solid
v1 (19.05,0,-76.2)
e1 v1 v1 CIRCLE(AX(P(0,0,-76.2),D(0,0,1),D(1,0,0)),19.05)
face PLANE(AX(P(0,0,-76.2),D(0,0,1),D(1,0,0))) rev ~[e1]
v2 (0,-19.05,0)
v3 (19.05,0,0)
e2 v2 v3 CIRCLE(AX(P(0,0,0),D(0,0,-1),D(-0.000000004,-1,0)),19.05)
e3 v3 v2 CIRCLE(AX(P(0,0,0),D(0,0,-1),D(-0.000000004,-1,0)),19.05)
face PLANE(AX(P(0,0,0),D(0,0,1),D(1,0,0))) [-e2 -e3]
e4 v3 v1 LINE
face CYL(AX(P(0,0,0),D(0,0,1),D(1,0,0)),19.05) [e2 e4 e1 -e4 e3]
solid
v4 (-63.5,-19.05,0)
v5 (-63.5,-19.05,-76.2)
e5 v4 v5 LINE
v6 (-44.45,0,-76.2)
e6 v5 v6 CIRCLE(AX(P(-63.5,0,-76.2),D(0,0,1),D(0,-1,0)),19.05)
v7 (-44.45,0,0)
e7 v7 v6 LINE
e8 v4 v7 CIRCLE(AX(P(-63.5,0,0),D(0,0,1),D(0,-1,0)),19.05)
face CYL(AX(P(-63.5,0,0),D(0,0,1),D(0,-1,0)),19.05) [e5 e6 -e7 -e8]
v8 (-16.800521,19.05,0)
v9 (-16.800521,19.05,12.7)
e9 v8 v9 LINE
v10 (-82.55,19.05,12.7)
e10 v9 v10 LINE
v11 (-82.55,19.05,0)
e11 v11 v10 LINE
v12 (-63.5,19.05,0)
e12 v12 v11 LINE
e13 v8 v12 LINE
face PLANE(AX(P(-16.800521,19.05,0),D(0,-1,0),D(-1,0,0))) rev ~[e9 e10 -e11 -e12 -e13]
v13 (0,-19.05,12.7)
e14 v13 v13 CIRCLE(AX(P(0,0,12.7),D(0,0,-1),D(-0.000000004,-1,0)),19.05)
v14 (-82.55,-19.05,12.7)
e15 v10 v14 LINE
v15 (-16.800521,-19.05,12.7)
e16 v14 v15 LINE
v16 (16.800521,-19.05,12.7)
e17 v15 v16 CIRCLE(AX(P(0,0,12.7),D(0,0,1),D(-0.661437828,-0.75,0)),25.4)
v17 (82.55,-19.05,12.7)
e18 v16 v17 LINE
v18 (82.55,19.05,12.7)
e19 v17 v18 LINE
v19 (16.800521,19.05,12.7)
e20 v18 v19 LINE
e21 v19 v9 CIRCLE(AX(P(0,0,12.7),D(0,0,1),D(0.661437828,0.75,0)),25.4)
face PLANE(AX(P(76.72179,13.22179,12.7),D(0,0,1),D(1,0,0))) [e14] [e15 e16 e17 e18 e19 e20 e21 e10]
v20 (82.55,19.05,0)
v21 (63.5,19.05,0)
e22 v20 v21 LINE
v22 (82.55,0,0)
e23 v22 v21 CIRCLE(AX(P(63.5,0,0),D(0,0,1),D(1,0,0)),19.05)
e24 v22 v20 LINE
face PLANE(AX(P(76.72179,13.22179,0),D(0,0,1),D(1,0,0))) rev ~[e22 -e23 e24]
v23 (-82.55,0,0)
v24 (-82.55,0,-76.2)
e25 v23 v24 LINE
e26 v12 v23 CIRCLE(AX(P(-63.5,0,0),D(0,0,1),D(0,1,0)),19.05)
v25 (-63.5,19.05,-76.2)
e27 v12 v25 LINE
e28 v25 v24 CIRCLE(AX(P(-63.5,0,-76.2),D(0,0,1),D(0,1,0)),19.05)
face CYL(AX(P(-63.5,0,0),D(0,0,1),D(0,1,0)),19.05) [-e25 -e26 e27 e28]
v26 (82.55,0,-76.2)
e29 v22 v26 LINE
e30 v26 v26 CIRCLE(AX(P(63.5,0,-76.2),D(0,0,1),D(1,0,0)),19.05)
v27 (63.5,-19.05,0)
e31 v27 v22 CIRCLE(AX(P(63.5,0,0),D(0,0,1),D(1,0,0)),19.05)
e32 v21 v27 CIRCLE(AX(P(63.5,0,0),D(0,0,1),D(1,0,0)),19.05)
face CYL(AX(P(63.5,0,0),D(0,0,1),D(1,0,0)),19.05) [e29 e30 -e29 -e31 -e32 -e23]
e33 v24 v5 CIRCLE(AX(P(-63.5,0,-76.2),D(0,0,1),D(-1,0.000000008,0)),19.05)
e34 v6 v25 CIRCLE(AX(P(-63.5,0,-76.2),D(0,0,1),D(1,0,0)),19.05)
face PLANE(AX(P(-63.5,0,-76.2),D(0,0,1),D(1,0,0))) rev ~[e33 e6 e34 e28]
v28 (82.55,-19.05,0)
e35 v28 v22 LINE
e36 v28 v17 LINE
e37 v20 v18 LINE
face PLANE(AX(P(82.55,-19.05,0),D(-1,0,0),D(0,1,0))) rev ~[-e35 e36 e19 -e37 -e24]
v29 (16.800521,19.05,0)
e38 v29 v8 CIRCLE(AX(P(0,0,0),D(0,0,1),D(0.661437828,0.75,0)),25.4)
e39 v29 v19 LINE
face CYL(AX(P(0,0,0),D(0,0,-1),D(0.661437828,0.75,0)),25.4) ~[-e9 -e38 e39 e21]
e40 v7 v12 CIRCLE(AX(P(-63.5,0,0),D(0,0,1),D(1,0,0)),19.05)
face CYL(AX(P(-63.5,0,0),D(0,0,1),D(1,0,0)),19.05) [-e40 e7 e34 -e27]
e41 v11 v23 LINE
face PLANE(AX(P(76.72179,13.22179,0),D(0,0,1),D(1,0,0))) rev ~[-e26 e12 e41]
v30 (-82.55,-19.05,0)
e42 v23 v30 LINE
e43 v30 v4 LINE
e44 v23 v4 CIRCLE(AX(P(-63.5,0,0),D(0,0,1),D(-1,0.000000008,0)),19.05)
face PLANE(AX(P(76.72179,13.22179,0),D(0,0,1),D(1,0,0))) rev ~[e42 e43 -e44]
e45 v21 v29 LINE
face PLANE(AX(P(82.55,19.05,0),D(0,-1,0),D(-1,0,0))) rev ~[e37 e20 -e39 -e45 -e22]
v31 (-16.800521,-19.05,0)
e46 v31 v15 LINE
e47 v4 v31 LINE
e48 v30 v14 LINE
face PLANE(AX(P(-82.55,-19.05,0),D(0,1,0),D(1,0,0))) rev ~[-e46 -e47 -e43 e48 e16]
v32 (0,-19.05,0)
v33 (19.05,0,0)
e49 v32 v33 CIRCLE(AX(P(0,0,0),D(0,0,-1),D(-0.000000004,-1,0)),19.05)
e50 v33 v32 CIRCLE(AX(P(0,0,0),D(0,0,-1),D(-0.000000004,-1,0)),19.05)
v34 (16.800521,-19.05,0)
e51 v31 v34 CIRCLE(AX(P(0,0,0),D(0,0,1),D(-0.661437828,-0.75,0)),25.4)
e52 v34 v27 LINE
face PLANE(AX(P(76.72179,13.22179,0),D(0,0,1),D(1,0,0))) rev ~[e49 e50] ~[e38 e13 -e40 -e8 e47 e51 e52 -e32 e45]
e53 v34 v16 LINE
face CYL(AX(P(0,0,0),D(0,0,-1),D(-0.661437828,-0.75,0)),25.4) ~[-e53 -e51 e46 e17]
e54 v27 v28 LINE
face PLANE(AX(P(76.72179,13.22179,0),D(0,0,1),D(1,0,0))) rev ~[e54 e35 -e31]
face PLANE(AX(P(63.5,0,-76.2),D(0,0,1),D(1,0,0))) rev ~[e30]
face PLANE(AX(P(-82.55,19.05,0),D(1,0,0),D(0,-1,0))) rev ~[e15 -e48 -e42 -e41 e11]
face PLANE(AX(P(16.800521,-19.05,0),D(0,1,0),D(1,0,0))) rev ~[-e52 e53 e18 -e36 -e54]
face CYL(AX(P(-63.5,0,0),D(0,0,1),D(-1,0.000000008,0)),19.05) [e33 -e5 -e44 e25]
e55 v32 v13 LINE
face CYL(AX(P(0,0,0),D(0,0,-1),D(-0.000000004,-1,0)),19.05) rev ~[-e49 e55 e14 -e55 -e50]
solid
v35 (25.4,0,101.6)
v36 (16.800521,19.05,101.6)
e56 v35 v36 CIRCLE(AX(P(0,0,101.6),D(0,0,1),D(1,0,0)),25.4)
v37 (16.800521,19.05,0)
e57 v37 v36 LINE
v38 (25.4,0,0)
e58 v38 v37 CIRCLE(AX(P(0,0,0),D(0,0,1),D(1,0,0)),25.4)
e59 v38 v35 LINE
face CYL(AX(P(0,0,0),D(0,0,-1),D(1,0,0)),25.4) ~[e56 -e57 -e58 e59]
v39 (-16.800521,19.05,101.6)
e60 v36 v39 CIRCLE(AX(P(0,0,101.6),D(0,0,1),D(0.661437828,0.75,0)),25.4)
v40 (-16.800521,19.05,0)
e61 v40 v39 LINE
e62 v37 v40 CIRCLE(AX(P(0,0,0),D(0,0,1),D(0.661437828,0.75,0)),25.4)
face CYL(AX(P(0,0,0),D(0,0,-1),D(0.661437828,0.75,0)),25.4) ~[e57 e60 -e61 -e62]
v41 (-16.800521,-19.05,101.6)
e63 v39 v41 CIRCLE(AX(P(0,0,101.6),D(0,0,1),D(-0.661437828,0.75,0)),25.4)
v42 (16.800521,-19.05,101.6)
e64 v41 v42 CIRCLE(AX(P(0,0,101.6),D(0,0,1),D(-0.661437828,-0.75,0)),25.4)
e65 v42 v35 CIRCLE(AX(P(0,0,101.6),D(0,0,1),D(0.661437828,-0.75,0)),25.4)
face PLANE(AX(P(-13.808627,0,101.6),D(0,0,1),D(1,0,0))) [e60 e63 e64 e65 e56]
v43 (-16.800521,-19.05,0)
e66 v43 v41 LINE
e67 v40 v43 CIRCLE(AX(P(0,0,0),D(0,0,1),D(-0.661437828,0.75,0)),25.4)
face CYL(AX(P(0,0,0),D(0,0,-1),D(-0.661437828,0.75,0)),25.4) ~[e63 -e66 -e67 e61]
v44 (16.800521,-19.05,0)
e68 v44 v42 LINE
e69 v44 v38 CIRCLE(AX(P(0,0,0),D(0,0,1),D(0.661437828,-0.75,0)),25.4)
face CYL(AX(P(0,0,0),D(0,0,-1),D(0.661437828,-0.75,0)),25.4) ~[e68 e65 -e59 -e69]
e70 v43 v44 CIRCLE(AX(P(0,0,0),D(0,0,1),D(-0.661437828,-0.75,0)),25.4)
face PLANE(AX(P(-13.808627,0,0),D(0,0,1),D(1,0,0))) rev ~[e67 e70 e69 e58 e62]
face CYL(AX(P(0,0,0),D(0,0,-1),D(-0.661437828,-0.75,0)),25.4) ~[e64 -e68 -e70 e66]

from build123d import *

# Parameters (mm, degrees)
F1_DEPTH = 12.7
F2_DEPTH = 76.2
F3_DEPTH = 101.6


with BuildPart() as f1:
    # F0 (on Top) → F1 (new body)
    with BuildSketch(Plane.XY):
        with BuildLine():
            Line((82.55, 0), (82.55, 19.05))
            Line((82.55, 19.05), (63.5, 19.05))
            ThreePointArc((63.5, 19.05), (76.9703841816, 13.4703841816), (82.55, 0))
        make_face()
        with BuildLine():
            ThreePointArc((63.5, -19.05), (44.45, 0), (63.5, 19.05))
            Line((63.5, 19.05), (16.8005208253, 19.05))
            ThreePointArc((16.8005208253, 19.05), (23.1505208253, 10.4505208253), (25.4, 0))
            ThreePointArc((25.4, 0), (23.1505208253, -10.4505208253), (16.8005208253, -19.05))
            Line((16.8005208253, -19.05), (63.5, -19.05))
        make_face()
        with BuildLine():
            ThreePointArc((82.55, 0), (76.9703841816, 13.4703841816), (63.5, 19.05))
            ThreePointArc((63.5, 19.05), (44.45, 0), (63.5, -19.05))
            ThreePointArc((63.5, -19.05), (76.9703841816, -13.4703841816), (82.55, 0))
        make_face()
        with BuildLine():
            Line((82.55, -19.05), (82.55, 0))
            ThreePointArc((82.55, 0), (76.9703841816, -13.4703841816), (63.5, -19.05))
            Line((63.5, -19.05), (82.55, -19.05))
        make_face()
        with BuildLine():
            ThreePointArc((25.4, 0), (23.1505208253, 10.4505208253), (16.8005208253, 19.05))
            Line((16.8005208253, 19.05), (-5.96e-08, 19.05))
            ThreePointArc((-5.96e-08, 19.05), (13.4703841605, 13.4703842027), (19.05, 0))
            ThreePointArc((19.05, 0), (13.4703841555, -13.4703842077), (-7.38e-08, -19.05))
            Line((-7.38e-08, -19.05), (16.8005208253, -19.05))
            ThreePointArc((16.8005208253, -19.05), (23.1505208253, -10.4505208253), (25.4, 0))
        make_face()
        with BuildLine():
            Line((-5.96e-08, 19.05), (16.8005208253, 19.05))
            ThreePointArc((16.8005208253, 19.05), (0, 25.4), (-16.8005208253, 19.05))
            Line((-16.8005208253, 19.05), (-5.96e-08, 19.05))
        make_face()
        with BuildLine():
            ThreePointArc((-7.38e-08, -19.05), (-19.05, 7.1e-09), (-5.96e-08, 19.05))
            Line((-5.96e-08, 19.05), (-16.8005208253, 19.05))
            ThreePointArc((-16.8005208253, 19.05), (-25.4, 0), (-16.8005208253, -19.05))
            Line((-16.8005208253, -19.05), (-7.38e-08, -19.05))
        make_face()
        with BuildLine():
            ThreePointArc((-16.8005208253, -19.05), (-25.4, 0), (-16.8005208253, 19.05))
            Line((-16.8005208253, 19.05), (-63.5, 19.05))
            ThreePointArc((-63.5, 19.05), (-50.0296158184, 13.4703841816), (-44.45, 0))
            ThreePointArc((-44.45, 0), (-50.0296158184, -13.4703841816), (-63.5, -19.05))
            Line((-63.5, -19.05), (-16.8005208253, -19.05))
        make_face()
        with BuildLine():
            ThreePointArc((-16.8005208253, -19.05), (0, -25.4), (16.8005208253, -19.05))
            Line((16.8005208253, -19.05), (-7.38e-08, -19.05))
            Line((-7.38e-08, -19.05), (-16.8005208253, -19.05))
        make_face()
        with BuildLine():
            ThreePointArc((-82.55, 1.56e-07), (-76.9703841264, 13.4703842368), (-63.5, 19.05))
            Line((-63.5, 19.05), (-82.55, 19.05))
            Line((-82.55, 19.05), (-82.55, 1.56e-07))
        make_face()
        with BuildLine():
            ThreePointArc((-44.45, 0), (-50.0296158184, 13.4703841816), (-63.5, 19.05))
            ThreePointArc((-63.5, 19.05), (-76.9703841264, 13.4703842368), (-82.55, 1.56e-07))
            ThreePointArc((-82.55, 1.56e-07), (-76.9703842368, -13.4703841264), (-63.5, -19.05))
            ThreePointArc((-63.5, -19.05), (-50.0296158184, -13.4703841816), (-44.45, 0))
        make_face()
        with BuildLine():
            ThreePointArc((-63.5, -19.05), (-76.9703842368, -13.4703841264), (-82.55, 1.56e-07))
            Line((-82.55, 1.56e-07), (-82.55, -19.05))
            Line((-82.55, -19.05), (-63.5, -19.05))
        make_face()
    extrude(amount=F1_DEPTH)

    # F0 (on Top) → F2 (join)
    with BuildSketch(Plane.XY):
        with BuildLine():
            ThreePointArc((-44.45, 0), (-50.0296158184, 13.4703841816), (-63.5, 19.05))
            ThreePointArc((-63.5, 19.05), (-76.9703841264, 13.4703842368), (-82.55, 1.56e-07))
            ThreePointArc((-82.55, 1.56e-07), (-76.9703842368, -13.4703841264), (-63.5, -19.05))
            ThreePointArc((-63.5, -19.05), (-50.0296158184, -13.4703841816), (-44.45, 0))
        make_face()
        with BuildLine():
            ThreePointArc((19.05, 0), (13.4703841605, 13.4703842027), (-5.96e-08, 19.05))
            ThreePointArc((-5.96e-08, 19.05), (-19.05, 7.1e-09), (-7.38e-08, -19.05))
            ThreePointArc((-7.38e-08, -19.05), (13.4703841555, -13.4703842077), (19.05, 0))
        make_face()
        with BuildLine():
            ThreePointArc((82.55, 0), (76.9703841816, 13.4703841816), (63.5, 19.05))
            ThreePointArc((63.5, 19.05), (44.45, 0), (63.5, -19.05))
            ThreePointArc((63.5, -19.05), (76.9703841816, -13.4703841816), (82.55, 0))
        make_face()
    extrude(amount=-F2_DEPTH)


with BuildPart() as f3:
    # F0 (on Top) → F3 (new body)
    with BuildSketch(Plane.XY):
        with BuildLine():
            ThreePointArc((-7.38e-08, -19.05), (-19.05, 7.1e-09), (-5.96e-08, 19.05))
            Line((-5.96e-08, 19.05), (-16.8005208253, 19.05))
            ThreePointArc((-16.8005208253, 19.05), (-25.4, 0), (-16.8005208253, -19.05))
            Line((-16.8005208253, -19.05), (-7.38e-08, -19.05))
        make_face()
        with BuildLine():
            ThreePointArc((19.05, 0), (13.4703841605, 13.4703842027), (-5.96e-08, 19.05))
            ThreePointArc((-5.96e-08, 19.05), (-19.05, 7.1e-09), (-7.38e-08, -19.05))
            ThreePointArc((-7.38e-08, -19.05), (13.4703841555, -13.4703842077), (19.05, 0))
        make_face()
        with BuildLine():
            ThreePointArc((-16.8005208253, -19.05), (0, -25.4), (16.8005208253, -19.05))
            Line((16.8005208253, -19.05), (-7.38e-08, -19.05))
            Line((-7.38e-08, -19.05), (-16.8005208253, -19.05))
        make_face()
        with BuildLine():
            ThreePointArc((25.4, 0), (23.1505208253, 10.4505208253), (16.8005208253, 19.05))
            Line((16.8005208253, 19.05), (-5.96e-08, 19.05))
            ThreePointArc((-5.96e-08, 19.05), (13.4703841605, 13.4703842027), (19.05, 0))
            ThreePointArc((19.05, 0), (13.4703841555, -13.4703842077), (-7.38e-08, -19.05))
            Line((-7.38e-08, -19.05), (16.8005208253, -19.05))
            ThreePointArc((16.8005208253, -19.05), (23.1505208253, -10.4505208253), (25.4, 0))
        make_face()
        with BuildLine():
            Line((-5.96e-08, 19.05), (16.8005208253, 19.05))
            ThreePointArc((16.8005208253, 19.05), (0, 25.4), (-16.8005208253, 19.05))
            Line((-16.8005208253, 19.05), (-5.96e-08, 19.05))
        make_face()
    extrude(amount=F3_DEPTH)


solid = Compound([f1.part, f3.part])
